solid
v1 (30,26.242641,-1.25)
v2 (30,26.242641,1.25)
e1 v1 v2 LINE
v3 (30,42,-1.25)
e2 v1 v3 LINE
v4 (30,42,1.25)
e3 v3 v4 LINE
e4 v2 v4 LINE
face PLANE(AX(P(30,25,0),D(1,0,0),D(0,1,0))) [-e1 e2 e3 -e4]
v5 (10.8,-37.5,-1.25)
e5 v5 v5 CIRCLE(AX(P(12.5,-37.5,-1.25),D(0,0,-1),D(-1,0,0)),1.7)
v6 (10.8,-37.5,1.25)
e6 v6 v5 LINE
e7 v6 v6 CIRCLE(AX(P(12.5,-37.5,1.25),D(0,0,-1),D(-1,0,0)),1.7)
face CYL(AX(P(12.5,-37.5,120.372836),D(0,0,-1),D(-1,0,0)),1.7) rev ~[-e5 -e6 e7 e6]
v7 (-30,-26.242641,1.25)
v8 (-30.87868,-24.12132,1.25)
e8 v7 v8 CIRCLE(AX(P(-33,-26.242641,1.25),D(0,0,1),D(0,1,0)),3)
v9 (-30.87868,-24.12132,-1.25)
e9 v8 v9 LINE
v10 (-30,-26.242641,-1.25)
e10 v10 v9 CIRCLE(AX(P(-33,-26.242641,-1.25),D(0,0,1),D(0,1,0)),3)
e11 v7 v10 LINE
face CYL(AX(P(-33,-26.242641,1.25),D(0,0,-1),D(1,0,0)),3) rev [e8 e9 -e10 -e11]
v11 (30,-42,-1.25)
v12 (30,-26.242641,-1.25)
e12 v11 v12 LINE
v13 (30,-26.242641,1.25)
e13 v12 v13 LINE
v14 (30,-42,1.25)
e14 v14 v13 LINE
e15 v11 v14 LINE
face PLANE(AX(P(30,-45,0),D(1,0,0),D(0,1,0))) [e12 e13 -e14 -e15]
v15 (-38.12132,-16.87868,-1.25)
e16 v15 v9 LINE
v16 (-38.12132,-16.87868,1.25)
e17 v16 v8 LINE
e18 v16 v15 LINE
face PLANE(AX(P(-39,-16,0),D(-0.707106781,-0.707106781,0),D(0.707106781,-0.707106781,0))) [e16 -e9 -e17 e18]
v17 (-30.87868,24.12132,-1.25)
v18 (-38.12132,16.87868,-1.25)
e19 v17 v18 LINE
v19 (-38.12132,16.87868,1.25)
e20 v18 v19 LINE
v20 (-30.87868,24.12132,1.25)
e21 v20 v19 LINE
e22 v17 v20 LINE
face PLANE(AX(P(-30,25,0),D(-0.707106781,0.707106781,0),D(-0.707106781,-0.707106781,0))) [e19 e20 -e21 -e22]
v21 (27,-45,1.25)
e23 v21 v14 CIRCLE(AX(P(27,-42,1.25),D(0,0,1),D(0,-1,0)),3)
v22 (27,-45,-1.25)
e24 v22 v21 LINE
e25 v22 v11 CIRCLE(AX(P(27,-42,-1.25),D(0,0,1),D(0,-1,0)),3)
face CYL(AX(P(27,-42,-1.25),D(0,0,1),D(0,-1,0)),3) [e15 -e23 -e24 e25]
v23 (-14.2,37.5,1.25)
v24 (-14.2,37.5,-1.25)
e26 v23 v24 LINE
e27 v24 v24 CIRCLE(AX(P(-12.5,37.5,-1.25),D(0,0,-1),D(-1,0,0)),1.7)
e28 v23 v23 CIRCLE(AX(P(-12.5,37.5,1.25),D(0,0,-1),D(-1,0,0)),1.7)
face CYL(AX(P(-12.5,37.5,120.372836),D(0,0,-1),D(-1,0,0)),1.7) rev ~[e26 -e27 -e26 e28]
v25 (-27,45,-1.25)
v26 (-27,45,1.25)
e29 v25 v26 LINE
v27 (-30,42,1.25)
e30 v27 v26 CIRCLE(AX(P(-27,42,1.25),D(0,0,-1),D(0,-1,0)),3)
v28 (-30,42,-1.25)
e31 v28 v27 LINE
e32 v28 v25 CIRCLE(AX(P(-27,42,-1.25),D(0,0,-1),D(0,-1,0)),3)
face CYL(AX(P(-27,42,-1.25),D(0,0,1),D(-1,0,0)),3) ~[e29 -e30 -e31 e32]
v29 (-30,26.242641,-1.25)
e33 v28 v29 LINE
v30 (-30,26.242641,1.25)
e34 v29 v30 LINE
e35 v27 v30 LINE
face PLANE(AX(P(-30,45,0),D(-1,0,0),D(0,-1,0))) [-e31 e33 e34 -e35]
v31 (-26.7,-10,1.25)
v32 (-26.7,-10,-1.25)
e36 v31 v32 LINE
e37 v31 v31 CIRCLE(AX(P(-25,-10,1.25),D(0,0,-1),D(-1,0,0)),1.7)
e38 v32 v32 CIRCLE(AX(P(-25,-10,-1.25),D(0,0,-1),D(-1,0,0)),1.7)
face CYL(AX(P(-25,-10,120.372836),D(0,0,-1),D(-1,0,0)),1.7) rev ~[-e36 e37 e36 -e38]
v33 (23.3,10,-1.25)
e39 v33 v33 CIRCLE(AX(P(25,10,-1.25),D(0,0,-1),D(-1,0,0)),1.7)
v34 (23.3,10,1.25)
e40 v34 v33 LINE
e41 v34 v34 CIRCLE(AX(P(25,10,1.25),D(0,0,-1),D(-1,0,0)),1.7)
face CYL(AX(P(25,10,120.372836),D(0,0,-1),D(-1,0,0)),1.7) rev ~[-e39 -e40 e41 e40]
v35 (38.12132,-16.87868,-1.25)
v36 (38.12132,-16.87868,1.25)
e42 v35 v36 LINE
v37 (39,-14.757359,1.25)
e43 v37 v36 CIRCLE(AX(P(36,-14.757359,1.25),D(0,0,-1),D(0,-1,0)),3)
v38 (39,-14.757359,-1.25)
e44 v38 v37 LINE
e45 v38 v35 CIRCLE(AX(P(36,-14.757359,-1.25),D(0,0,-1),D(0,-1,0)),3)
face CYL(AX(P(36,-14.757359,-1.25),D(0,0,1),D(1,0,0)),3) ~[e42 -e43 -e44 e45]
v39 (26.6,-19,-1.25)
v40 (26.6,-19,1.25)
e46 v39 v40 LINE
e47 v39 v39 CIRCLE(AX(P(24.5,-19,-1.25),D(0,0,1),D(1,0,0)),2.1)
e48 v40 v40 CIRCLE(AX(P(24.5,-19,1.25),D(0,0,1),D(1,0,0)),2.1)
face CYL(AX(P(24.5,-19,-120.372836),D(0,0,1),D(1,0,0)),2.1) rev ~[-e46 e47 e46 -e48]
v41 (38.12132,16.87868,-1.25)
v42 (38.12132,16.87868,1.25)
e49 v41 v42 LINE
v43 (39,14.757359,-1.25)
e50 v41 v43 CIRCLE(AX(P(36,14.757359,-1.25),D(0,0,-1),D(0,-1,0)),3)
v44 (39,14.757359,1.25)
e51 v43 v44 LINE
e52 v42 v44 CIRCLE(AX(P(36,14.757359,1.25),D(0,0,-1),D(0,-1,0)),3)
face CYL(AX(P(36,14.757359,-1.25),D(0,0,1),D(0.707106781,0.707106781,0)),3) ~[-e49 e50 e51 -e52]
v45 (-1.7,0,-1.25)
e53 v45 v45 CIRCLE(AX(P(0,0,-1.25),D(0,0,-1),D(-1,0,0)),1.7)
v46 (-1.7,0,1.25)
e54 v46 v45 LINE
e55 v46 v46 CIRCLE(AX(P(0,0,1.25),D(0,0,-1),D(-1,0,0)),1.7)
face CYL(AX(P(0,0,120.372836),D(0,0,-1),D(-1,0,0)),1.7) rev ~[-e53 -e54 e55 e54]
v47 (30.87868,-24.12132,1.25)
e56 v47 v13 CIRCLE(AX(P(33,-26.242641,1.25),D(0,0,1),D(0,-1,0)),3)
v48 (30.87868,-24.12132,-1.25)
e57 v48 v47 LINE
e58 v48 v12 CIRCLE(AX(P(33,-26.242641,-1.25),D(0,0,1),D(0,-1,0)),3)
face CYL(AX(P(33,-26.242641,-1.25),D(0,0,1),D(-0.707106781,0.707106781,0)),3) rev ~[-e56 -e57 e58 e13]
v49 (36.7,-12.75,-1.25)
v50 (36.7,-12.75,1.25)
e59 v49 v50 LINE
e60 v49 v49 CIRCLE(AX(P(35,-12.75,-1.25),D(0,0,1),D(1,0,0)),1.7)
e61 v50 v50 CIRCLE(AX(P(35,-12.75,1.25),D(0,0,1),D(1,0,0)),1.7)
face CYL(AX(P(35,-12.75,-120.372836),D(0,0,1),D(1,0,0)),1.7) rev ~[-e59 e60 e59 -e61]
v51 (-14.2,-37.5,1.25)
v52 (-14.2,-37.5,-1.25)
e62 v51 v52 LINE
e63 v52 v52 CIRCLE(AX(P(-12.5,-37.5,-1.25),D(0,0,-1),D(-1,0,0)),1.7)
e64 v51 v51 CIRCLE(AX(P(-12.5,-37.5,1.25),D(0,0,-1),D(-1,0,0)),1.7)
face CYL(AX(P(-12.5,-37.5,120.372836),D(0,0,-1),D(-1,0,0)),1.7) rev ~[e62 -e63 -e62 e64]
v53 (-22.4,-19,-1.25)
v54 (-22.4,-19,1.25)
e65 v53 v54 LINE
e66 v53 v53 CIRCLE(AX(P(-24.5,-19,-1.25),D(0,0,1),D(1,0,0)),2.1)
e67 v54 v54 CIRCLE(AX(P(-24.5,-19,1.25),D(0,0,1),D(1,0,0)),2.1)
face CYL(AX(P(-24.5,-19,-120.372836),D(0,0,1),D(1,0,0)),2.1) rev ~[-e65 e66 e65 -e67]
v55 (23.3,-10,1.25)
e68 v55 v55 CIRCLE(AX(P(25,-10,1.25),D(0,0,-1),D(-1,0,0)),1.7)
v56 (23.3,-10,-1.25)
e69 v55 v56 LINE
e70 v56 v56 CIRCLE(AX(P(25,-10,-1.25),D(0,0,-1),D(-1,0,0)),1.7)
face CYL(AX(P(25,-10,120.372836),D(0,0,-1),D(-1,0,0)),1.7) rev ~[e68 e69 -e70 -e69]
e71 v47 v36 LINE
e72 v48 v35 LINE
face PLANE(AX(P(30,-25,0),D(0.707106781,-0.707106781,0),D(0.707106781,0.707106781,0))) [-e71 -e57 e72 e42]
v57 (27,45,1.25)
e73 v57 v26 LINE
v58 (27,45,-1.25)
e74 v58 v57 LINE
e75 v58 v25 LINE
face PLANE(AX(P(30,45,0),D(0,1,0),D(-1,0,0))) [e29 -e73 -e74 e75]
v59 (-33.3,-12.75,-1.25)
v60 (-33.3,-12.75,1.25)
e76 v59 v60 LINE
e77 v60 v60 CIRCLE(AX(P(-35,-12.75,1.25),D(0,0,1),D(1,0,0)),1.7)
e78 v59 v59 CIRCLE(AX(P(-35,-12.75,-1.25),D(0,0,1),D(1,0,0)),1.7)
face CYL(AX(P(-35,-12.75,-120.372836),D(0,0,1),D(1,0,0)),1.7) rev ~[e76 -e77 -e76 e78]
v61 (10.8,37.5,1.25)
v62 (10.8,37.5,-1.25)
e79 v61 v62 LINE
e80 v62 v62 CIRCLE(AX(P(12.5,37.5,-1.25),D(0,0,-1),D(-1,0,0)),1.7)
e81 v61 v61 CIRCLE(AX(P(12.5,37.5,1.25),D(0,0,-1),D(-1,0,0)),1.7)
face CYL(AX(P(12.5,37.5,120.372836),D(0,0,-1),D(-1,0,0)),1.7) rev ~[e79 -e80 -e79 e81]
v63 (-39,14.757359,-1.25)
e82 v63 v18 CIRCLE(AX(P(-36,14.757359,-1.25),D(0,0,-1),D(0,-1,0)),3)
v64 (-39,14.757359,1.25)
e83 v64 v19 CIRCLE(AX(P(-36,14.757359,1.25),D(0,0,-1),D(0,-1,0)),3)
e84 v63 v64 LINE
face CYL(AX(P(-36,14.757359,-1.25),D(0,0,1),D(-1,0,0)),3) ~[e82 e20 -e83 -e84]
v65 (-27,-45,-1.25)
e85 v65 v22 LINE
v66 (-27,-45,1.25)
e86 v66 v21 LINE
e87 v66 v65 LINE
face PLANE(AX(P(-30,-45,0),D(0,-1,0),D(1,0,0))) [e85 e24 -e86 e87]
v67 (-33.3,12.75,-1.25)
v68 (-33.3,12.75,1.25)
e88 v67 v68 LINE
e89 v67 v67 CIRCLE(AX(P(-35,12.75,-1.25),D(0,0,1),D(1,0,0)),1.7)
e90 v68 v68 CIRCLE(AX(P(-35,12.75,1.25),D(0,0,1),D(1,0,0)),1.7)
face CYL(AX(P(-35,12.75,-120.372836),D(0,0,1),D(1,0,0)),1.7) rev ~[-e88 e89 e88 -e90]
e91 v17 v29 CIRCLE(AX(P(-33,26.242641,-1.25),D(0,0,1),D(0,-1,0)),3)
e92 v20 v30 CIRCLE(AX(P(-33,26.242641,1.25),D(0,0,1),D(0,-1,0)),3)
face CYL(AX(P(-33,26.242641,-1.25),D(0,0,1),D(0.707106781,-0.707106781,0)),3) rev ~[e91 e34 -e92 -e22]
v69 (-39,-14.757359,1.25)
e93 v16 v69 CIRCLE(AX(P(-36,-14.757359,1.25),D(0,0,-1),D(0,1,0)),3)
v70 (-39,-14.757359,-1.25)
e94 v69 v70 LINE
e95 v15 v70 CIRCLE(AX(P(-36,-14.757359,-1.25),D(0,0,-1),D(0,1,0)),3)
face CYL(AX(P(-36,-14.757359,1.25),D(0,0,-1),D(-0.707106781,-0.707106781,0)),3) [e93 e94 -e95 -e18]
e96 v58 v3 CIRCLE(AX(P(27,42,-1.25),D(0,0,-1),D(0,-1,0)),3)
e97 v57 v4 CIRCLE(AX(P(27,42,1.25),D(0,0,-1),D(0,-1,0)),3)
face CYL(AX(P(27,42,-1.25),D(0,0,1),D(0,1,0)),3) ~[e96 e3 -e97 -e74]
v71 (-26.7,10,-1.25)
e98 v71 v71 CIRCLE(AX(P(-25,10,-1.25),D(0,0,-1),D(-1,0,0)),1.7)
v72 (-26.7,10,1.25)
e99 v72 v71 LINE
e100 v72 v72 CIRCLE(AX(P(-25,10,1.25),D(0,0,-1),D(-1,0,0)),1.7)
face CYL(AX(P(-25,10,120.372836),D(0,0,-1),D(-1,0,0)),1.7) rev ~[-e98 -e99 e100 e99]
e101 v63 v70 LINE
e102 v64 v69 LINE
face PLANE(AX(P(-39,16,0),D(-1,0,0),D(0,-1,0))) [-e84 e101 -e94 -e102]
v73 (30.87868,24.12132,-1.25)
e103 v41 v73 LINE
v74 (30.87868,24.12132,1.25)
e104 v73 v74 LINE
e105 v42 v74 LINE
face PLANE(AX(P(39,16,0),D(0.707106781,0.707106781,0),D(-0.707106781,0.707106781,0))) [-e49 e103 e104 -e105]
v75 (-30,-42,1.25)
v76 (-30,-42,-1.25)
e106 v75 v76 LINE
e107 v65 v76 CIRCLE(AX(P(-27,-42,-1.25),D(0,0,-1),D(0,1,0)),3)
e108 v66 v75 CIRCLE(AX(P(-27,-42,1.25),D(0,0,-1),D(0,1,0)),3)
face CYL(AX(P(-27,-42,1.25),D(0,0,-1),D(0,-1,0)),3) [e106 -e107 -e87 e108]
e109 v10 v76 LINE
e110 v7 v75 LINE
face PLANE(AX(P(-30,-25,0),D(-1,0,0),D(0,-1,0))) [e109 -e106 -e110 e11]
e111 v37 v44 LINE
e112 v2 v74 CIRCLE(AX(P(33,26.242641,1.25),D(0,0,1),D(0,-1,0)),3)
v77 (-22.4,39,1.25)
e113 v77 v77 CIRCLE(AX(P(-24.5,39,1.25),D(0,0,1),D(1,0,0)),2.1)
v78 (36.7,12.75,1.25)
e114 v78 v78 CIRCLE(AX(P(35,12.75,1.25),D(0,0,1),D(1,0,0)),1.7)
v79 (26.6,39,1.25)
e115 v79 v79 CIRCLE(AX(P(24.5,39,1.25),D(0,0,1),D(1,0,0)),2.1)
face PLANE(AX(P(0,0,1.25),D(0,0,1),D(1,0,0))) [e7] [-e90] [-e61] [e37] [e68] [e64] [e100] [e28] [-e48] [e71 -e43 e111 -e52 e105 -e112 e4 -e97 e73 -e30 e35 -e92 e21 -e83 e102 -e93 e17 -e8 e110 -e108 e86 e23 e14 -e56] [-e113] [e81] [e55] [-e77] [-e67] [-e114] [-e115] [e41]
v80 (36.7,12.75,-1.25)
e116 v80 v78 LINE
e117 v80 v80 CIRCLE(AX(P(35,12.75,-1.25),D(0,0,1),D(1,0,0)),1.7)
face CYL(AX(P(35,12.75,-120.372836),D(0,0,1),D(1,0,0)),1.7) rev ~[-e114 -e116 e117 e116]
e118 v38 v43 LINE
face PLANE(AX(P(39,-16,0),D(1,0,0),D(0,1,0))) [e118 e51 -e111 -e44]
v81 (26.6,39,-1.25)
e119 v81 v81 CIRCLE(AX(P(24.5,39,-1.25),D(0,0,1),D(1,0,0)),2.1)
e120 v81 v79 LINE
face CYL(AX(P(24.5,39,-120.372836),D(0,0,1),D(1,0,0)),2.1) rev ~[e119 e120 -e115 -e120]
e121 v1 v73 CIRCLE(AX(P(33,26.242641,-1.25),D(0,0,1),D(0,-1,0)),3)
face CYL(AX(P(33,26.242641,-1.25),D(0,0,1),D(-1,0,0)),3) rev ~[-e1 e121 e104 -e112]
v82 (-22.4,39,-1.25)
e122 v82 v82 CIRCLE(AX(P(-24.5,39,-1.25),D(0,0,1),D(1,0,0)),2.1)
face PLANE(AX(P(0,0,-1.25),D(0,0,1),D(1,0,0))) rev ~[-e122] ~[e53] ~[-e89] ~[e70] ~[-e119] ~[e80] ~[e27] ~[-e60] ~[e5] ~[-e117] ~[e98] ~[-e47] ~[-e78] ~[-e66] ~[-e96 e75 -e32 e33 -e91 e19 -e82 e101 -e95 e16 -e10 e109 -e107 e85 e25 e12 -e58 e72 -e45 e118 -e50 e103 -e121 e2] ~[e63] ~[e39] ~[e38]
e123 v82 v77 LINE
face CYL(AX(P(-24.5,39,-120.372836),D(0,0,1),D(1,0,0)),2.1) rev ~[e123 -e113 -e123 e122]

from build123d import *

# Parameters (mm, degrees)
SKETCH1_W                  = 60
SKETCH1_H                  = 90
BOSS_EXTRUDE1_DEPTH        = 1.25
FILLET1_R                  = 3
F_4_2_4_2_DIAMETER_HOLE1_D = 4.2
M3_CLEARANCE_HOLE1_D       = 3.4
M3_CLEARANCE_HOLE2_D       = 3.4
M3_CLEARANCE_HOLE3_D       = 3.4


with BuildPart() as part:
    # Sketch1 → Boss-Extrude1 (new, symmetric)
    with BuildSketch(Plane.XY):
        Polygon((-30, 25), (-30, -25), (-30, -45), (30, -45), (30, -25), (30, 25), (30, 45), (-30, 45), align=None)
        Rectangle(SKETCH1_W, SKETCH1_H)
        Polygon((-39, 16), (-39, -16), (-30, -25), (-30, 25), align=None)
        Polygon((30, 25), (30, -25), (39, -16), (39, 16), align=None)
    extrude(amount=BOSS_EXTRUDE1_DEPTH, both=True)

    # Fillet1
    fillet1_edges = [part.edges().sort_by_distance(p)[0] for p in [
        (30, 25, 0),
        (39, 16, 0),
        (39, -16, 0),
        (30, -25, 0),
        (30, -45, 0),
        (-30, -45, 0),
        (-30, -25, 0),
        (-39, -16, 0),
        (-39, 16, 0),
        (-30, 25, 0),
        (-30, 45, 0),
        (30, 45, 0),
    ]]
    fillet(fillet1_edges, radius=FILLET1_R)

    # Ø4.2 (4.2) Diameter Hole1 (through all)
    with Locations(Plane(origin=(0, 0, -1.25), x_dir=(-1, 0, 0), z_dir=(0, 0, -1))):
        with Locations((-24.5, -19), (24.5, -19), (24.5, 39), (-24.5, 39)):
            Hole(F_4_2_4_2_DIAMETER_HOLE1_D / 2)

    # M3 Clearance Hole1 (through all)
    with Locations(Plane(origin=(0, 0, -1.25), x_dir=(-1, 0, 0), z_dir=(0, 0, -1))):
        with Locations((-35, 12.75), (-35, -12.75), (35, -12.75), (35, 12.75)):
            Hole(M3_CLEARANCE_HOLE1_D / 2)

    # M3 Clearance Hole2 (through all)
    with Locations(Plane.XY.offset(1.25)):
        with Locations((-12.5, -37.5), (12.5, -37.5), (-12.5, 37.5), (12.5, 37.5), (-25, 10), (-25, -10), (25, -10), (25, 10)):
            Hole(M3_CLEARANCE_HOLE2_D / 2)

    # M3 Clearance Hole3 (through all)
    with Locations(Plane.XY.offset(1.25)):
        with Locations((0, 0)):
            Hole(M3_CLEARANCE_HOLE3_D / 2)


solid = part.part
